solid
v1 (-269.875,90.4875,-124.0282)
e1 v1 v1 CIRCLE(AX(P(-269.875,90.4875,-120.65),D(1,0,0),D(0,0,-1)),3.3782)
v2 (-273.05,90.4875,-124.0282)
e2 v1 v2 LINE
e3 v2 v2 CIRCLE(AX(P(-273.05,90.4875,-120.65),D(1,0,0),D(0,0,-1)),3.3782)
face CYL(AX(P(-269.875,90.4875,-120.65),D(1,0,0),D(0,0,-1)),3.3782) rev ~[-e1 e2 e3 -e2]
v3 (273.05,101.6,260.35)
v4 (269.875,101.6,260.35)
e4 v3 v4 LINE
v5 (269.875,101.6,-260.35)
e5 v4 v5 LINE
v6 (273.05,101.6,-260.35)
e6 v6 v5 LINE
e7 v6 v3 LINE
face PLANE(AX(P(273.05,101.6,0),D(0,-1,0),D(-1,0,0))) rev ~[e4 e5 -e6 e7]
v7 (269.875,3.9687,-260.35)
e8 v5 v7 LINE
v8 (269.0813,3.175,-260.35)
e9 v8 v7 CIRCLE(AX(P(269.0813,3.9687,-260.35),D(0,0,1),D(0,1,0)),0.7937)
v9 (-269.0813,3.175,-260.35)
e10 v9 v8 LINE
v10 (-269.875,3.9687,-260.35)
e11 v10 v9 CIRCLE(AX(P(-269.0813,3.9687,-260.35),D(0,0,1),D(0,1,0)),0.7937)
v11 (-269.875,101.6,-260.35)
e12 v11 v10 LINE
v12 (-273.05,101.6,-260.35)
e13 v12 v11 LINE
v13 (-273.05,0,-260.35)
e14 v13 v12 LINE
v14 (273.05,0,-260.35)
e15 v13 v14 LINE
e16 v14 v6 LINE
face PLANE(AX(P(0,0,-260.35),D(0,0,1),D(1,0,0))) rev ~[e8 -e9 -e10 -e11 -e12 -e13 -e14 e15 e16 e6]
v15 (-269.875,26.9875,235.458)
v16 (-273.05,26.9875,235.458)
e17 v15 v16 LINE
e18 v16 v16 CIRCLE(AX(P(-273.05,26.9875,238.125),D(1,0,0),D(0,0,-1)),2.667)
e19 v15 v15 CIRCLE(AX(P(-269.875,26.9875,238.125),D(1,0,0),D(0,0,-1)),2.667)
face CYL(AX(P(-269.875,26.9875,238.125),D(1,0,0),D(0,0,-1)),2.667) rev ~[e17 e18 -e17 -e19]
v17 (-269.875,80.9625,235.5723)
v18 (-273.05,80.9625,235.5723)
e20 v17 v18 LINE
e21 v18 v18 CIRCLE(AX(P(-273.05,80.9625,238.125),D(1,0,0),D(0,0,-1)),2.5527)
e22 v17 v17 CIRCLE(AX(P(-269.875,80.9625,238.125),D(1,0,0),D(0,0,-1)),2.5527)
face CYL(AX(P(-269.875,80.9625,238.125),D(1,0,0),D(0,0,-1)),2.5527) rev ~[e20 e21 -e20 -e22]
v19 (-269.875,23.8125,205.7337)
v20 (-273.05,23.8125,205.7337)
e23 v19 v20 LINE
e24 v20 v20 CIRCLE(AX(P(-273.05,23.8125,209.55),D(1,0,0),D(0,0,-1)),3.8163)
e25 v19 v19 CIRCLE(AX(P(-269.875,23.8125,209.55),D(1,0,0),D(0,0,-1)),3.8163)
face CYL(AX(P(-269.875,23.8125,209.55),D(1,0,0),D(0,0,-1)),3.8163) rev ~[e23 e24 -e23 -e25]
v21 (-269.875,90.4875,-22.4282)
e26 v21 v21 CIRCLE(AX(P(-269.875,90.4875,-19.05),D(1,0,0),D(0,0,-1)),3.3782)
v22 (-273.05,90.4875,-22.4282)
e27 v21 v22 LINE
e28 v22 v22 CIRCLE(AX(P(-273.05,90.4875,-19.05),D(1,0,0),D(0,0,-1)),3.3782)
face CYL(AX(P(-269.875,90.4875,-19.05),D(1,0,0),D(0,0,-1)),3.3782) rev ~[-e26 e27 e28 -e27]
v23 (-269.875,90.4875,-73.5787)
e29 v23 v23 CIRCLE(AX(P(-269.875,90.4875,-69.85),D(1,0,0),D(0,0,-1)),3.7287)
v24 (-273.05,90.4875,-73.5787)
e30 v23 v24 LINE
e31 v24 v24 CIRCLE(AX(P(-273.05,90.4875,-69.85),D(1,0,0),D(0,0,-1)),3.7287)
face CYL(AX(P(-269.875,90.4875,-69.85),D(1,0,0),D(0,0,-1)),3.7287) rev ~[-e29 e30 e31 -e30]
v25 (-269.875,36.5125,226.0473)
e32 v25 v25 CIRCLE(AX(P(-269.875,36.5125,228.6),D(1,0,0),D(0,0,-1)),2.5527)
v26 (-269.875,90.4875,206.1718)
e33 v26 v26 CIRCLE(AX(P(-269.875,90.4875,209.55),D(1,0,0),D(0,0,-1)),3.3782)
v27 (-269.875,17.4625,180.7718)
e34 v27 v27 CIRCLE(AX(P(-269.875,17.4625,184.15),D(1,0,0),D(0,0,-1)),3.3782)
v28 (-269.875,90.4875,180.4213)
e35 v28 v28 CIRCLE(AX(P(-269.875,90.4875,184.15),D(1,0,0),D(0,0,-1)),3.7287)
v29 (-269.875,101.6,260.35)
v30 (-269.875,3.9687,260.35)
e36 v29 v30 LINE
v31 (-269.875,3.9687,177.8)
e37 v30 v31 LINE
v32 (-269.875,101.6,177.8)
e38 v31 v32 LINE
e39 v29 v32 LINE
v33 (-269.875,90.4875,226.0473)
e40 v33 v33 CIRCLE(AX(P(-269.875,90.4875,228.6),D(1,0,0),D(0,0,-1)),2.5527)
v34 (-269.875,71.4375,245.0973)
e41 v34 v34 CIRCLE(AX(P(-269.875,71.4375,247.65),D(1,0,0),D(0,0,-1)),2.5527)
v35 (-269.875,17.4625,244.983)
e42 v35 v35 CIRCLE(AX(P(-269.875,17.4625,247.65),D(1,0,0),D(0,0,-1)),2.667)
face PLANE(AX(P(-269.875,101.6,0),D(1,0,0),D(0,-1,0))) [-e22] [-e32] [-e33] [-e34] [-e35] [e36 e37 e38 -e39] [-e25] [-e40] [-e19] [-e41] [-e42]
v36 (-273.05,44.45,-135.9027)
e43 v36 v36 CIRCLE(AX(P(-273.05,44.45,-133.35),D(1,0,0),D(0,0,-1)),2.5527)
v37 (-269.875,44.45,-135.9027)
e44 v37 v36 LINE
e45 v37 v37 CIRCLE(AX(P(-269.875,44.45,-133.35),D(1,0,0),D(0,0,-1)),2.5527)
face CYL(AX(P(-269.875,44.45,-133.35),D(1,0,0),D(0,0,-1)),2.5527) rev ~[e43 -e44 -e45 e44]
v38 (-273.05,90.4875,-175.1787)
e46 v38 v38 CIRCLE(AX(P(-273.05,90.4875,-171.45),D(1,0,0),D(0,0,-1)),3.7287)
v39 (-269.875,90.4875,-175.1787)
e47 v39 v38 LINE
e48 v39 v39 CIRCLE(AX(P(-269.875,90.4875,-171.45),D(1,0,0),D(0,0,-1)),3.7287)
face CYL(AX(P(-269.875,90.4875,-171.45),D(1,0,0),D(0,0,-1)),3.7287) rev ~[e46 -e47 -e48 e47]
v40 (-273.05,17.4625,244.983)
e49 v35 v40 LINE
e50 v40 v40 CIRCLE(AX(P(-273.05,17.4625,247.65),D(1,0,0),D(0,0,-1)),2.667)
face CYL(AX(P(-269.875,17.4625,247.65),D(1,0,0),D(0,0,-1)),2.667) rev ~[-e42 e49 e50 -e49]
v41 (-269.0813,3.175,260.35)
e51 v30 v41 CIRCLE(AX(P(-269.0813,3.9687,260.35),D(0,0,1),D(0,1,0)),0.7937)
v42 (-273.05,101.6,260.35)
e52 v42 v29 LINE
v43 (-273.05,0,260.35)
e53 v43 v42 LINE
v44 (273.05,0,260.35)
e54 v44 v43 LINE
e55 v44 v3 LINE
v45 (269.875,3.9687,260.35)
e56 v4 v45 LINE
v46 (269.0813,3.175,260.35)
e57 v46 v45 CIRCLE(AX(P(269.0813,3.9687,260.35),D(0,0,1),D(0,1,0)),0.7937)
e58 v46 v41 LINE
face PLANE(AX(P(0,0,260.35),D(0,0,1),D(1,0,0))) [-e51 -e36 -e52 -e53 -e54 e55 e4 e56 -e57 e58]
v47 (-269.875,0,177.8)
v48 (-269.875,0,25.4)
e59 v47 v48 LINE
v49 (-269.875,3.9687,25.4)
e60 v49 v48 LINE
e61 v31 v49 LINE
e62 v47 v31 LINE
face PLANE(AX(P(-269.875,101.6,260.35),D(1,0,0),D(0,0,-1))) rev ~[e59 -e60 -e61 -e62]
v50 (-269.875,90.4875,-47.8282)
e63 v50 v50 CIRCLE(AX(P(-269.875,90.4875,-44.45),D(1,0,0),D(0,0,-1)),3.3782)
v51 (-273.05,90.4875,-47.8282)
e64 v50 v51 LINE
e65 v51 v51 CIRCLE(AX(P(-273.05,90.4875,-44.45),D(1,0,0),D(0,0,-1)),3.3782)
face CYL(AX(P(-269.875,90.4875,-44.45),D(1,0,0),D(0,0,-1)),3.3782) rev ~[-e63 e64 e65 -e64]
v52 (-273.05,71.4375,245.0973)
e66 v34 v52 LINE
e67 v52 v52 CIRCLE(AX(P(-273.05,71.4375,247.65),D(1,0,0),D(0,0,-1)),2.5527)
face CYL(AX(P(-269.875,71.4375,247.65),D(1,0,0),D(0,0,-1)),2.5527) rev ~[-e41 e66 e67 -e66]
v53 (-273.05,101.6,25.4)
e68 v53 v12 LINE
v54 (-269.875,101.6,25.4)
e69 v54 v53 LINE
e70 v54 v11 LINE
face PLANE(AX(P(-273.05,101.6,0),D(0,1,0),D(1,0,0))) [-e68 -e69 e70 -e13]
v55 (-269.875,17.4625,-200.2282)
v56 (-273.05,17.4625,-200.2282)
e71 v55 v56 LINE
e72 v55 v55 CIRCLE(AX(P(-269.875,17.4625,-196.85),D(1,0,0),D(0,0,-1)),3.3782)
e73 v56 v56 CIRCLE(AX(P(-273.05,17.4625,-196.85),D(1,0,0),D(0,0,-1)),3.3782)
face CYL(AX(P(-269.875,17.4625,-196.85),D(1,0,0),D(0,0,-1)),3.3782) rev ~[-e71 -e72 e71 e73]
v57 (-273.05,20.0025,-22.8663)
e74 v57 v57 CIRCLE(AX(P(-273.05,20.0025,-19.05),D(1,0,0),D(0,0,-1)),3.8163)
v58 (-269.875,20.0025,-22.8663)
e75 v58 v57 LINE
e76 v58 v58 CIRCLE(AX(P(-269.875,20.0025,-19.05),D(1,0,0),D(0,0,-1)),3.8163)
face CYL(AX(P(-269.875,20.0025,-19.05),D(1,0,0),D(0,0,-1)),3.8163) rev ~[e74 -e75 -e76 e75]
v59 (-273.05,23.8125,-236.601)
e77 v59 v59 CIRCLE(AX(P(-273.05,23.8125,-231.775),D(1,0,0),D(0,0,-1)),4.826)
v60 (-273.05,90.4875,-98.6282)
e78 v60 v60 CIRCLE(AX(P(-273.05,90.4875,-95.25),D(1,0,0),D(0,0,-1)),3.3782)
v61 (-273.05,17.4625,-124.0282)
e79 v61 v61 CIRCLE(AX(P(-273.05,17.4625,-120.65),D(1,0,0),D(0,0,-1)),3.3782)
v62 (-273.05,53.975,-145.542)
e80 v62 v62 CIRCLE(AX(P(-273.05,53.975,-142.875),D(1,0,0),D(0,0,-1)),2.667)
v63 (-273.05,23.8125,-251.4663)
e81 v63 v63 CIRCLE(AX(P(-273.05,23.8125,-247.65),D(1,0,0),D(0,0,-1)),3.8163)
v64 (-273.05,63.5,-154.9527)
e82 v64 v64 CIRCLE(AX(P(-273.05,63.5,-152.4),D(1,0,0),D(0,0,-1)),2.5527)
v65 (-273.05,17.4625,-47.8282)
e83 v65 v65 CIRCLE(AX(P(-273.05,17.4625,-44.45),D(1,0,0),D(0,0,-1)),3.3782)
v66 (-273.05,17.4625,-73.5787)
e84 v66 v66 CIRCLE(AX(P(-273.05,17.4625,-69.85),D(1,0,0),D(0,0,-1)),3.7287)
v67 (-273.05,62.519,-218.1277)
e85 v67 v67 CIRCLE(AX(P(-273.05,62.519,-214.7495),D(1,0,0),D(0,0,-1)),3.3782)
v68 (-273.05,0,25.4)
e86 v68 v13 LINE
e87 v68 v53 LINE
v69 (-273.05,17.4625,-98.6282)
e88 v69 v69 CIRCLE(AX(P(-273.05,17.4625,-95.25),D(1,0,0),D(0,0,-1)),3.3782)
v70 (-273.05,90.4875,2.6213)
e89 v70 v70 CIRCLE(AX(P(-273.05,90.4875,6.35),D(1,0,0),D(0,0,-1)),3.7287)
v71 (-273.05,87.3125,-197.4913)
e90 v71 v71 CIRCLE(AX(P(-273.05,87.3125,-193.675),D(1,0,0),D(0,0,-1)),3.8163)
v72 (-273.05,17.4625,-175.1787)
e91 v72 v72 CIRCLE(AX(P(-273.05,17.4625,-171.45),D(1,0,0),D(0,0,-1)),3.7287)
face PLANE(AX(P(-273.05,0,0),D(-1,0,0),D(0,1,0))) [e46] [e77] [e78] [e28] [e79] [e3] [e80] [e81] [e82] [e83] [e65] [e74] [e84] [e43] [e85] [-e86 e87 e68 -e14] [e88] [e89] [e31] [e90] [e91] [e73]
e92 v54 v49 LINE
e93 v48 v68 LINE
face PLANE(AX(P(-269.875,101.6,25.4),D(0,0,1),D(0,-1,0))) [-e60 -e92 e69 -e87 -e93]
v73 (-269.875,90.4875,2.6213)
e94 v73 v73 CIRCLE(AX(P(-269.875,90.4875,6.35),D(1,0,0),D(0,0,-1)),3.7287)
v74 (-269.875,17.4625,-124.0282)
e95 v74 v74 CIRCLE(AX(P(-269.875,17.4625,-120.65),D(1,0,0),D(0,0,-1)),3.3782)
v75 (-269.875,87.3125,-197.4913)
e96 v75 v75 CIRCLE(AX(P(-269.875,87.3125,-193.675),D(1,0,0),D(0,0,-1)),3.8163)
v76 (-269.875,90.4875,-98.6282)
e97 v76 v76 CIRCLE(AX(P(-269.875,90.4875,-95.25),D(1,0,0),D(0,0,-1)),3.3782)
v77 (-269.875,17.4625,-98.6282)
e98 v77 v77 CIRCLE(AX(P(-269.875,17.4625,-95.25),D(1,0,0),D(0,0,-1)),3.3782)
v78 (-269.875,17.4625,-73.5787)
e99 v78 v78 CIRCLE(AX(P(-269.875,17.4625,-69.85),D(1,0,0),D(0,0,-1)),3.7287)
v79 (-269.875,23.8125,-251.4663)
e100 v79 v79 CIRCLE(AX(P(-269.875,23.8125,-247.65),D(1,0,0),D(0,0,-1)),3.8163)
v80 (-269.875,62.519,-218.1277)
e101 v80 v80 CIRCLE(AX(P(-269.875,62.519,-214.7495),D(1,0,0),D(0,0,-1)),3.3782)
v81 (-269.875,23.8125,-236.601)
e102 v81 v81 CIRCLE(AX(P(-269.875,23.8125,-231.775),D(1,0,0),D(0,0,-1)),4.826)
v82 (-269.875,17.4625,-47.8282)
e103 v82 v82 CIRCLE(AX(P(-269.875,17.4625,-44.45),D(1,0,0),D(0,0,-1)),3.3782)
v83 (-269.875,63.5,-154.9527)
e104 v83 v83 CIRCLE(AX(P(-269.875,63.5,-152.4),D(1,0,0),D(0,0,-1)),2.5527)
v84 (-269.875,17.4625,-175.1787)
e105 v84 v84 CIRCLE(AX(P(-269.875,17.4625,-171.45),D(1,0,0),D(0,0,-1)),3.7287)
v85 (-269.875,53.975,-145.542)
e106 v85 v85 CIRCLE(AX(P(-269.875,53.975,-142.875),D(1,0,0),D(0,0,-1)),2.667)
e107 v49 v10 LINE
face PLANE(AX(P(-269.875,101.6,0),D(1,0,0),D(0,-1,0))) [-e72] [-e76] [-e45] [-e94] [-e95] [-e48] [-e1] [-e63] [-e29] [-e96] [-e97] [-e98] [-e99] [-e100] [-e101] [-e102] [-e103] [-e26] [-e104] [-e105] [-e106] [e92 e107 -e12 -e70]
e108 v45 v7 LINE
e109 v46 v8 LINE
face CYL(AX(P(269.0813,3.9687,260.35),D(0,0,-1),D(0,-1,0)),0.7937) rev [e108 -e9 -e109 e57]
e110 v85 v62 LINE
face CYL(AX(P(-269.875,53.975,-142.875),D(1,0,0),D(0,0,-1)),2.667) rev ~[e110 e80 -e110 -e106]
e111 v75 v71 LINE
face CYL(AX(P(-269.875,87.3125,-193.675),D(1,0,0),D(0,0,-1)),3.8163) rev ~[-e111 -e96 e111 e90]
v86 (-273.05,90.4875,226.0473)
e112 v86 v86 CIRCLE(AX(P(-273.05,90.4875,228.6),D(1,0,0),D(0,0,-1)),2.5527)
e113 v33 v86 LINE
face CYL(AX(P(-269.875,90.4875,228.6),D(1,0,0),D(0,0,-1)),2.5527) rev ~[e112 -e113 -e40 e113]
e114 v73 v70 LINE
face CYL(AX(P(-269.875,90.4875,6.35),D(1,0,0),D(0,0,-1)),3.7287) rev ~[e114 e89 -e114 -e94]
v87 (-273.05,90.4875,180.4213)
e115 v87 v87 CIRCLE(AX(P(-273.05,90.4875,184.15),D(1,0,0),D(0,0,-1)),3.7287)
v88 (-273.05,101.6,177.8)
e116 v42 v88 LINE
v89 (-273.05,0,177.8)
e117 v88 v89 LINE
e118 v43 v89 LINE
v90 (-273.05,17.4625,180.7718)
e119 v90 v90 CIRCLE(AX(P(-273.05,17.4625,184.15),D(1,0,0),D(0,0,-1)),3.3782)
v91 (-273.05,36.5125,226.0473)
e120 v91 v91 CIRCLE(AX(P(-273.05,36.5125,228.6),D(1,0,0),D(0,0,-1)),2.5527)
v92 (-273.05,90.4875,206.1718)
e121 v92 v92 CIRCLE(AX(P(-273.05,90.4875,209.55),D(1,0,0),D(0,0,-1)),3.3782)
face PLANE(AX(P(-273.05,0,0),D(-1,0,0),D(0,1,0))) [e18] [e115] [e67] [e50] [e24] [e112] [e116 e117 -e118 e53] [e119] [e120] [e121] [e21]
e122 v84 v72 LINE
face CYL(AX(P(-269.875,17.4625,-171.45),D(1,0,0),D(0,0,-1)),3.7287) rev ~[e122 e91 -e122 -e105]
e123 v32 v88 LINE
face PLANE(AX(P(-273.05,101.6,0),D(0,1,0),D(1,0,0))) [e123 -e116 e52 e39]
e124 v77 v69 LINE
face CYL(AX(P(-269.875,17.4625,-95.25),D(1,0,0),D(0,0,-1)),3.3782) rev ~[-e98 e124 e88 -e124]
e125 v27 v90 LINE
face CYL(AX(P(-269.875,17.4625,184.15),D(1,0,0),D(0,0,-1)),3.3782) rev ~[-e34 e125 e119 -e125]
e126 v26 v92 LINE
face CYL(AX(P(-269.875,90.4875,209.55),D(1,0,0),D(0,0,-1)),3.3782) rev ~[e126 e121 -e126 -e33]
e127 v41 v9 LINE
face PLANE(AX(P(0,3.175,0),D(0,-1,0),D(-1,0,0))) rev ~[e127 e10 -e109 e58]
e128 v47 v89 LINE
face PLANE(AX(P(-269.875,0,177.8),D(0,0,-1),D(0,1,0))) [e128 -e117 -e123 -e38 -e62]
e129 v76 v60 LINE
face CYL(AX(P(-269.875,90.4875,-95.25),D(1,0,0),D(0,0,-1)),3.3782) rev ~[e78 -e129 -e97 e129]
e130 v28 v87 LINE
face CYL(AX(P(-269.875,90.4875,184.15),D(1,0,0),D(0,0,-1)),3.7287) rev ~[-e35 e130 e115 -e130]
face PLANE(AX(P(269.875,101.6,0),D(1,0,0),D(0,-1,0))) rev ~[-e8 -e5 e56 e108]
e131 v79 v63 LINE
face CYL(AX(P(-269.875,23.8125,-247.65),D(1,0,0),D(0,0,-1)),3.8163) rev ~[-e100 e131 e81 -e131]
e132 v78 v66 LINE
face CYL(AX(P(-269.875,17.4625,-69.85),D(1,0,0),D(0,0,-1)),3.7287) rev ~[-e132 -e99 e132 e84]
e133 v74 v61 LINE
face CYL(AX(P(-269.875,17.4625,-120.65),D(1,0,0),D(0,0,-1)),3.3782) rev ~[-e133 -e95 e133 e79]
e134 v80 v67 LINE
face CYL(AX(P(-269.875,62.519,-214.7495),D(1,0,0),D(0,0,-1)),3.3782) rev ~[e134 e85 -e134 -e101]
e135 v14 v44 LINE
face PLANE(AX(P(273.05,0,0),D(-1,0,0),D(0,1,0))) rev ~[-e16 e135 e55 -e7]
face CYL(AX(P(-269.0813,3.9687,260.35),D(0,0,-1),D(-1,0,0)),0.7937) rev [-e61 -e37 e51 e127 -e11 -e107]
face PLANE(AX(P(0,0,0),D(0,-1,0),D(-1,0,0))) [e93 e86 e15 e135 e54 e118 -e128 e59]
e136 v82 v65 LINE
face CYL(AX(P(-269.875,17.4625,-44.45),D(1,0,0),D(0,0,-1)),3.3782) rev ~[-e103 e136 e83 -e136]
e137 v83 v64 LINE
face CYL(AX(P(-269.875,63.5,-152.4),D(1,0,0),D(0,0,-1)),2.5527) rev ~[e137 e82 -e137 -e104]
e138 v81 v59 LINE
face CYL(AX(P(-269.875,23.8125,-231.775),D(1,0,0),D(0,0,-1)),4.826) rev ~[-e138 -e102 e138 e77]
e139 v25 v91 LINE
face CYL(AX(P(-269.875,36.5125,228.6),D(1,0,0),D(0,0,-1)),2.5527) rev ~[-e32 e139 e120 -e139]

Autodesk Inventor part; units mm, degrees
ref_plane "XZ Plane" through (0, 0, 0) normal (0, 1, 0) x (-1, 0, 0)
ref_plane "XY Plane" through (0, 0, 0) normal (0, 0, 1) x (1, 0, 0)
sketch "Sketch1" plane through (0, 0, 0) normal (0, 0, 1) x (1, 0, 0)
  line L0 (0, 0) -> (-273.05, 0)
  line L1 (-273.05, 0) -> (-273.05, 101.6)
  line L2 (-273.05, 101.6) -> (-269.875, 101.6)
  line L3 (-269.875, 101.6) -> (-269.875, 3.175)
  line L4 (0, 0) -> (0, 3.175) construction
  line L5 (0, 3.175) -> (-269.875, 3.175)
  line L6 (0, 0) -> (273.05, 0)
  line L7 (273.05, 0) -> (273.05, 101.6)
  line L8 (273.05, 101.6) -> (269.875, 101.6)
  line L9 (269.875, 101.6) -> (269.875, 3.175)
  line L10 (0, 3.175) -> (269.875, 3.175)
  dimension "d0" = 101.6
  dimension "d1" = 273.05
  dimension "d2" = 3.175
  dimension "d4" = 3.175
extrude "Extrusion1" add sketch "Sketch1" along normal mid plane 520.7
fillet "Fillet1" radius 0.7937 2 edges at (-269.875, 3.175, 0) (269.875, 3.175, 0)
sketch "Sketch5" plane through (-269.875, 101.6, 260.35) normal (1, 0, 0) x (0, 0, -1)
  circle A0 centre (12.7, -30.1625) radius 2.5527 projected
  circle A1 centre (22.225, -20.6375) radius 2.5527 projected
  circle A2 centre (31.75, -11.1125) radius 2.5527 projected
  circle A3 centre (50.8, -11.1125) radius 3.3782 projected
  circle A4 centre (76.2, -11.1125) radius 3.7287 projected
  circle A5 centre (12.7, -84.1375) radius 2.667 projected
  circle A6 centre (22.225, -74.6125) radius 2.667 projected
  circle A7 centre (31.75, -65.0875) radius 2.5527 projected
  circle A8 centre (50.8, -77.7875) radius 3.8163 projected
  circle A9 centre (76.2, -84.1375) radius 3.3782 projected
  circle A10 centre (101.4806, -88.9127) radius 3.3782 projected
  circle A11 centre (212.631, -88.9127) radius 3.3782 projected
  circle A12 centre (228.6, -84.1375) radius 3.7287 projected
  circle A13 centre (279.4, -81.5975) radius 3.8163 projected
  circle A14 centre (228.6, -11.1125) radius 3.3782 projected
  circle A15 centre (254, -11.1125) radius 3.7287 projected
  circle A16 centre (279.4, -11.1125) radius 3.3782 projected
  circle A17 centre (304.8, -11.1125) radius 3.3782 projected
  circle A18 centre (330.2, -11.1125) radius 3.7287 projected
  circle A19 centre (355.6, -11.1125) radius 3.3782 projected
  circle A20 centre (381, -11.1125) radius 3.3782 projected
  circle A21 centre (431.8, -11.1125) radius 3.7287 projected
  circle A22 centre (454.025, -14.2875) radius 3.8163 projected
  circle A23 centre (508, -77.7875) radius 3.8163 projected
  circle A24 centre (457.2, -84.1375) radius 3.3782 projected
  circle A25 centre (431.8, -84.1375) radius 3.7287 projected
  circle A26 centre (475.0995, -39.081) radius 3.3782 projected
  circle A27 centre (412.75, -38.1) radius 2.5527 projected
  circle A28 centre (403.225, -47.625) radius 2.667 projected
  circle A29 centre (393.7, -57.15) radius 2.5527 projected
  circle A30 centre (381, -84.1375) radius 3.3782 projected
  circle A31 centre (355.6, -84.1375) radius 3.3782 projected
  circle A32 centre (330.2, -84.1375) radius 3.7287 projected
  circle A33 centre (304.8, -84.1375) radius 3.3782 projected
  circle A34 centre (492.125, -77.7875) radius 4.826 projected
  circle A35 centre (508, -77.7875) radius 5.2255 projected
  point P0 (260.35, -101.6)
extrude "Extrusion2" cut sketch "Sketch5" against normal through all contours A0 | A1 | A2 | A3 | A4 | A5 | A6 | A7 | A8 | A9 | A10 | A11 | A12 | A13 | A14 | A15 | A16 | A17 | A18 | A19 | A20 | A21 | A22 | A23 | A24 | A25 | A26 | A27 | A28 | A29 | A30 | A31 | A32 | A33 | A34
sketch "Sketch6" plane through (-269.875, 101.6, 260.35) normal (1, 0, 0) x (0, 0, -1)
  line L0 (0, 0) -> (520.7, 0) projected
  line L1 (0, -101.6) -> (520.7, -101.6) projected
  line L2 (82.55, 0) -> (234.95, 0)
  line L3 (234.95, 0) -> (234.95, -101.6)
  line L4 (234.95, -101.6) -> (82.55, -101.6)
  line L5 (82.55, -101.6) -> (82.55, 0)
  line L6 (0, 0) -> (0, -101.6) projected
  point P0 (260.35, -101.6)
  dimension "d18" = 82.55
  dimension "d19" = 234.95
extrude "Extrusion3" cut sketch "Sketch6" against normal through all contours L0 L3 L1 L5
properties part number "SheetBottomFloorV01saved01" material "Aluminum 6061"
